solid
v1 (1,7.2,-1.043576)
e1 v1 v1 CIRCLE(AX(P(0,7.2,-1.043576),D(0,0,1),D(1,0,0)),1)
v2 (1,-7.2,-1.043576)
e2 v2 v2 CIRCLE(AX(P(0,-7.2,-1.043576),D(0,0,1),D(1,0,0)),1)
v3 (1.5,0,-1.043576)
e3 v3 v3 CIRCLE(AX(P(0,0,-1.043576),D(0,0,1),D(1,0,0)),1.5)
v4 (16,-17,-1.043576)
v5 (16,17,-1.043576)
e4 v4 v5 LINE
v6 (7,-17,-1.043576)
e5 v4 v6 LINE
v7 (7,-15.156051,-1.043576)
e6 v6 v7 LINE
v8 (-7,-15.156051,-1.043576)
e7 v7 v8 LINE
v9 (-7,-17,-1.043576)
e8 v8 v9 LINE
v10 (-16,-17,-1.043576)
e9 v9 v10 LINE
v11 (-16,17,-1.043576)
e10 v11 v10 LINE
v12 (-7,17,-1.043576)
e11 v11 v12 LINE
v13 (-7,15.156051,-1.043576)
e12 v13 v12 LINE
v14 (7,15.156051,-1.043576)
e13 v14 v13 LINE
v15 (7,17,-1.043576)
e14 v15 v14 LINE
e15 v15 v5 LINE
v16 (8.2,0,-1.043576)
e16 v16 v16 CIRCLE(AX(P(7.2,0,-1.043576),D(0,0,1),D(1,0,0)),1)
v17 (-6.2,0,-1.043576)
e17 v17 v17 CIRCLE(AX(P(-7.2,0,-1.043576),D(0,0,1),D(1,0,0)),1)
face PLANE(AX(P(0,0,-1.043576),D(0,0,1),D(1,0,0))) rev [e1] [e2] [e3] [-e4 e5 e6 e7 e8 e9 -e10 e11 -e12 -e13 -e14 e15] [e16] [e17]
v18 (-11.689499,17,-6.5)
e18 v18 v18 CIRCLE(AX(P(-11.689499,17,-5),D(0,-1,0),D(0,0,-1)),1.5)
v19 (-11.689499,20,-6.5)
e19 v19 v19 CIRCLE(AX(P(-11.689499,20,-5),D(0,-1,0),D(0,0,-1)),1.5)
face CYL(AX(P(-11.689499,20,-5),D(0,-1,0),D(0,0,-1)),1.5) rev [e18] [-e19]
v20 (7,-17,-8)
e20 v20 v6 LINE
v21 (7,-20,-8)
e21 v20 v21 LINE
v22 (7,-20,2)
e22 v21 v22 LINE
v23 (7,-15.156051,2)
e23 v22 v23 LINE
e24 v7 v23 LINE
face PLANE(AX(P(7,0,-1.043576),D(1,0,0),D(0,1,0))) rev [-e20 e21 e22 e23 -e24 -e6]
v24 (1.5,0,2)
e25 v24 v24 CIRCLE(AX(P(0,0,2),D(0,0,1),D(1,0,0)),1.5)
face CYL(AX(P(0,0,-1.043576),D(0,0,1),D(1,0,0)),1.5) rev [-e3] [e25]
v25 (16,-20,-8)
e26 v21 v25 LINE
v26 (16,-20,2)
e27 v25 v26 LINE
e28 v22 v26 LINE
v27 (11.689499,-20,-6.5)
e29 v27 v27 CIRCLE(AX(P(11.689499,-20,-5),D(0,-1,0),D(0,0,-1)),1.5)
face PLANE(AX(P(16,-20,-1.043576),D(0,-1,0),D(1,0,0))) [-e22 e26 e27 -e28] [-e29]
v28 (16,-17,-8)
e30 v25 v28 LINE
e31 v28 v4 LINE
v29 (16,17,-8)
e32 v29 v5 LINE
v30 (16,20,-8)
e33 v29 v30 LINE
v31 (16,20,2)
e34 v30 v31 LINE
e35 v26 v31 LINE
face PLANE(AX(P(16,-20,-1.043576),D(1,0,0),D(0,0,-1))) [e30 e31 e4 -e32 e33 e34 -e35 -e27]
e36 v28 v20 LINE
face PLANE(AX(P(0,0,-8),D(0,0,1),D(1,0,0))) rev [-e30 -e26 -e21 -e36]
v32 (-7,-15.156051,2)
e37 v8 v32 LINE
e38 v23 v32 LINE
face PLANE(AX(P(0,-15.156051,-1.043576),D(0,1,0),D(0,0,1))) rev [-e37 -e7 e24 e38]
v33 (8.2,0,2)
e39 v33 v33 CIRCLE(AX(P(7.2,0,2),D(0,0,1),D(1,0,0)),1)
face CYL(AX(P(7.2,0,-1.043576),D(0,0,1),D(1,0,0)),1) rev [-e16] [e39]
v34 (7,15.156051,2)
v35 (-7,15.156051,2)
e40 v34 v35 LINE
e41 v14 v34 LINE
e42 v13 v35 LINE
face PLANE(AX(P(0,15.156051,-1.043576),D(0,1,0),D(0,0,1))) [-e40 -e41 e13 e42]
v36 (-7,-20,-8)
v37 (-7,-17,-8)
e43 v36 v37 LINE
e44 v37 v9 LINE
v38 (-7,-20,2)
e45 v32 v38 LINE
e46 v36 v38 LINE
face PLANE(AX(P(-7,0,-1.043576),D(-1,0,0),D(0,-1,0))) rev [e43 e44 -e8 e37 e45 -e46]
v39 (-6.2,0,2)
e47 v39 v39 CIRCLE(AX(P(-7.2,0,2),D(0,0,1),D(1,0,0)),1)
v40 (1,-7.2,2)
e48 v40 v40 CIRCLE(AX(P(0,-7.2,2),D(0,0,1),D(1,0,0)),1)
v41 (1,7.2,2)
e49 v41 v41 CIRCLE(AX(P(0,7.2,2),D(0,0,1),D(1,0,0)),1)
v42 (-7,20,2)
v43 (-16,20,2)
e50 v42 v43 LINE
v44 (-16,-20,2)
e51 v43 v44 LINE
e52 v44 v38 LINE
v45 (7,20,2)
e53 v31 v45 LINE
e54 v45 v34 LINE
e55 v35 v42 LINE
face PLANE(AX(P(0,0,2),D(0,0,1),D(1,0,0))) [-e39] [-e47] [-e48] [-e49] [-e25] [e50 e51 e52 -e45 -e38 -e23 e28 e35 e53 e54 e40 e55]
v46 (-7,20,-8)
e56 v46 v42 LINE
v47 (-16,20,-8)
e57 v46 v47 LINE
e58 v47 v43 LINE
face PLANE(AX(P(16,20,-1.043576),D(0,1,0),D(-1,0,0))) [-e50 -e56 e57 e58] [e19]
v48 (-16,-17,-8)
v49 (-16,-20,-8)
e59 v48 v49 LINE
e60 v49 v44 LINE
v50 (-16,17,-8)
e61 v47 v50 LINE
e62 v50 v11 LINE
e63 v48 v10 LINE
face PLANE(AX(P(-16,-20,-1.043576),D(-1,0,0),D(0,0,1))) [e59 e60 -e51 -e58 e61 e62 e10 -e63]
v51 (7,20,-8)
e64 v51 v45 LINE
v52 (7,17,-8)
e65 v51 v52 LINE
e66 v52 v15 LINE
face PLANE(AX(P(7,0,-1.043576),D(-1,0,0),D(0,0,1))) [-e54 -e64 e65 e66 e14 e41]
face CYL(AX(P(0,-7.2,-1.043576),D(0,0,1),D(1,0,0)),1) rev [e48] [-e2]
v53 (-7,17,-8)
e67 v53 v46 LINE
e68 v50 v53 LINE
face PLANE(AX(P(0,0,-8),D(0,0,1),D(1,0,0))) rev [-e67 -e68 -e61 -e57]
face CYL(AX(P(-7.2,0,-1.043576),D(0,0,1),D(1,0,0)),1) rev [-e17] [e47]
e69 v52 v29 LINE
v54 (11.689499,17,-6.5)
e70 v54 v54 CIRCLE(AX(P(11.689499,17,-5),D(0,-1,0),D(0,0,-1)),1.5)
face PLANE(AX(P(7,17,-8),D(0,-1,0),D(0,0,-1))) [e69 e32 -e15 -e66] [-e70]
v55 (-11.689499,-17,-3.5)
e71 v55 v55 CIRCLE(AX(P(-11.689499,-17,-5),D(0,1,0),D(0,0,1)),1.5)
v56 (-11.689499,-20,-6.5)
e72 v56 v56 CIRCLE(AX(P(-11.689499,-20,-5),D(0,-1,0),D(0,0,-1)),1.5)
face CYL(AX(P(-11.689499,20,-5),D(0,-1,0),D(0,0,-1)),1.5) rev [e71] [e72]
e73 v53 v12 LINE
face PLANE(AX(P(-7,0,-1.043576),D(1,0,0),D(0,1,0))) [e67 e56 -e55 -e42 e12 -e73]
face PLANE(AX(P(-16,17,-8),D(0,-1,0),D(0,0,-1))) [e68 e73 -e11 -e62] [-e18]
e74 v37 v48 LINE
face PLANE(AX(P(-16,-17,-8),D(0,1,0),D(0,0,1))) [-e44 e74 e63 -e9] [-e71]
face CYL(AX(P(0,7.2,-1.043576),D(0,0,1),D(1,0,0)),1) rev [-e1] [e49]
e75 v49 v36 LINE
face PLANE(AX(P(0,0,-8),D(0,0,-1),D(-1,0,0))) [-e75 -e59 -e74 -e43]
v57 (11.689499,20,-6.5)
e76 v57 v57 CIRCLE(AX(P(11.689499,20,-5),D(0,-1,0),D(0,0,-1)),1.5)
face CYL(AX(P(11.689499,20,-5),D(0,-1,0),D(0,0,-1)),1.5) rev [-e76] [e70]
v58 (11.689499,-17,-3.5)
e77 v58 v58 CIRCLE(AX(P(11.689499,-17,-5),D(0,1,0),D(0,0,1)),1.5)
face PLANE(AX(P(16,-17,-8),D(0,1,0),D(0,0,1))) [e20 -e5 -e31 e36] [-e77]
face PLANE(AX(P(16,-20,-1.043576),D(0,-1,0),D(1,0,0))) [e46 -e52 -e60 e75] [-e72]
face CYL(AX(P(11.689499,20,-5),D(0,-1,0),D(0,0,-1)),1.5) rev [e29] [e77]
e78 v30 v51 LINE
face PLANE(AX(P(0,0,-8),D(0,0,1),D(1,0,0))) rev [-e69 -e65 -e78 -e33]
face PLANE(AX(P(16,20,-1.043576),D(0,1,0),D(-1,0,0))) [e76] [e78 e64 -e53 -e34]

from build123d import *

# Parameters (mm, degrees)
BOSS_EXTRUDE1_DEPTH      = 2
BOSS_EXTRUDE1_DEPTH_BACK = 1.043576075
SKETCH1_W                = 32
SKETCH1_H                = 40
CUT_EXTRUDE3_DEPTH       = 26.792699652
CUT_EXTRUDE3_DEPTH_BACK  = 26.792699652
SKETCH5_R                = 1.5
SKETCH5_R_2              = 1
SKETCH_4_W               = 14
SKETCH_4_H               = 4.843949414
CUT_EXTRUDE_3_DEPTH      = 26.792699652
SKETCH_5_W               = 9
SKETCH_5_H               = 3
EXTRUDE_3_DEPTH          = 10
SKETCH_6_R               = 1.5
CUT_EXTRUDE_5_DEPTH      = 44.8178046


with BuildPart() as part:
    # Sketch1 → Boss-Extrude1 (new, two sides: drawn at the far end of the back side and taken through both)
    with BuildSketch(Plane.XY.offset(-BOSS_EXTRUDE1_DEPTH_BACK)):
        Rectangle(SKETCH1_W, SKETCH1_H)
    extrude(amount=BOSS_EXTRUDE1_DEPTH + BOSS_EXTRUDE1_DEPTH_BACK)

    # Sketch5 → Cut-Extrude3 (cut, two sides: drawn at the far end of the back side and taken through both)
    with BuildSketch(Plane.XY.offset(2).offset(-CUT_EXTRUDE3_DEPTH_BACK)):
        Circle(SKETCH5_R)
        with Locations((0, 7.2)):
            Circle(SKETCH5_R_2)
        with Locations((7.2, 0)):
            Circle(SKETCH5_R_2)
        with Locations((0, -7.2)):
            Circle(SKETCH5_R_2)
        with Locations((-7.2, 0)):
            Circle(SKETCH5_R_2)
    extrude(amount=CUT_EXTRUDE3_DEPTH + CUT_EXTRUDE3_DEPTH_BACK, mode=Mode.SUBTRACT)

    # 草图4 → 切除-拉伸3 (cut, through all)
    with BuildSketch(Plane.XY.offset(2)):
        with Locations((0, 17.578025293)):
            Rectangle(SKETCH_4_W, SKETCH_4_H)
        with Locations((0, -17.578025293)):
            Rectangle(SKETCH_4_W, SKETCH_4_H)
    extrude(amount=-CUT_EXTRUDE_3_DEPTH, mode=Mode.SUBTRACT)

    # 草图5 → 凸台-拉伸3 (add)
    with BuildSketch(Plane.XY.offset(2)):
        with Locations((11.5, 18.5)):
            Rectangle(SKETCH_5_W, SKETCH_5_H)
        with Locations((-11.5, 18.5)):
            Rectangle(SKETCH_5_W, SKETCH_5_H)
        with Locations((-11.5, -18.5)):
            Rectangle(SKETCH_5_W, SKETCH_5_H)
        with Locations((11.5, -18.5)):
            Rectangle(SKETCH_5_W, SKETCH_5_H)
    extrude(amount=-EXTRUDE_3_DEPTH)

    # 草图6 → 切除-拉伸5 (cut, through all)
    with BuildSketch(Plane.XZ.offset(20)):
        with Locations(Location((11.6894988, -5, 0), (0, 0, 270))):
            Circle(SKETCH_6_R)
        with Locations(Location((-11.6894988, -5, 0), (0, 0, 270))):
            Circle(SKETCH_6_R)
    extrude(amount=-CUT_EXTRUDE_5_DEPTH, mode=Mode.SUBTRACT)


solid = part.part
